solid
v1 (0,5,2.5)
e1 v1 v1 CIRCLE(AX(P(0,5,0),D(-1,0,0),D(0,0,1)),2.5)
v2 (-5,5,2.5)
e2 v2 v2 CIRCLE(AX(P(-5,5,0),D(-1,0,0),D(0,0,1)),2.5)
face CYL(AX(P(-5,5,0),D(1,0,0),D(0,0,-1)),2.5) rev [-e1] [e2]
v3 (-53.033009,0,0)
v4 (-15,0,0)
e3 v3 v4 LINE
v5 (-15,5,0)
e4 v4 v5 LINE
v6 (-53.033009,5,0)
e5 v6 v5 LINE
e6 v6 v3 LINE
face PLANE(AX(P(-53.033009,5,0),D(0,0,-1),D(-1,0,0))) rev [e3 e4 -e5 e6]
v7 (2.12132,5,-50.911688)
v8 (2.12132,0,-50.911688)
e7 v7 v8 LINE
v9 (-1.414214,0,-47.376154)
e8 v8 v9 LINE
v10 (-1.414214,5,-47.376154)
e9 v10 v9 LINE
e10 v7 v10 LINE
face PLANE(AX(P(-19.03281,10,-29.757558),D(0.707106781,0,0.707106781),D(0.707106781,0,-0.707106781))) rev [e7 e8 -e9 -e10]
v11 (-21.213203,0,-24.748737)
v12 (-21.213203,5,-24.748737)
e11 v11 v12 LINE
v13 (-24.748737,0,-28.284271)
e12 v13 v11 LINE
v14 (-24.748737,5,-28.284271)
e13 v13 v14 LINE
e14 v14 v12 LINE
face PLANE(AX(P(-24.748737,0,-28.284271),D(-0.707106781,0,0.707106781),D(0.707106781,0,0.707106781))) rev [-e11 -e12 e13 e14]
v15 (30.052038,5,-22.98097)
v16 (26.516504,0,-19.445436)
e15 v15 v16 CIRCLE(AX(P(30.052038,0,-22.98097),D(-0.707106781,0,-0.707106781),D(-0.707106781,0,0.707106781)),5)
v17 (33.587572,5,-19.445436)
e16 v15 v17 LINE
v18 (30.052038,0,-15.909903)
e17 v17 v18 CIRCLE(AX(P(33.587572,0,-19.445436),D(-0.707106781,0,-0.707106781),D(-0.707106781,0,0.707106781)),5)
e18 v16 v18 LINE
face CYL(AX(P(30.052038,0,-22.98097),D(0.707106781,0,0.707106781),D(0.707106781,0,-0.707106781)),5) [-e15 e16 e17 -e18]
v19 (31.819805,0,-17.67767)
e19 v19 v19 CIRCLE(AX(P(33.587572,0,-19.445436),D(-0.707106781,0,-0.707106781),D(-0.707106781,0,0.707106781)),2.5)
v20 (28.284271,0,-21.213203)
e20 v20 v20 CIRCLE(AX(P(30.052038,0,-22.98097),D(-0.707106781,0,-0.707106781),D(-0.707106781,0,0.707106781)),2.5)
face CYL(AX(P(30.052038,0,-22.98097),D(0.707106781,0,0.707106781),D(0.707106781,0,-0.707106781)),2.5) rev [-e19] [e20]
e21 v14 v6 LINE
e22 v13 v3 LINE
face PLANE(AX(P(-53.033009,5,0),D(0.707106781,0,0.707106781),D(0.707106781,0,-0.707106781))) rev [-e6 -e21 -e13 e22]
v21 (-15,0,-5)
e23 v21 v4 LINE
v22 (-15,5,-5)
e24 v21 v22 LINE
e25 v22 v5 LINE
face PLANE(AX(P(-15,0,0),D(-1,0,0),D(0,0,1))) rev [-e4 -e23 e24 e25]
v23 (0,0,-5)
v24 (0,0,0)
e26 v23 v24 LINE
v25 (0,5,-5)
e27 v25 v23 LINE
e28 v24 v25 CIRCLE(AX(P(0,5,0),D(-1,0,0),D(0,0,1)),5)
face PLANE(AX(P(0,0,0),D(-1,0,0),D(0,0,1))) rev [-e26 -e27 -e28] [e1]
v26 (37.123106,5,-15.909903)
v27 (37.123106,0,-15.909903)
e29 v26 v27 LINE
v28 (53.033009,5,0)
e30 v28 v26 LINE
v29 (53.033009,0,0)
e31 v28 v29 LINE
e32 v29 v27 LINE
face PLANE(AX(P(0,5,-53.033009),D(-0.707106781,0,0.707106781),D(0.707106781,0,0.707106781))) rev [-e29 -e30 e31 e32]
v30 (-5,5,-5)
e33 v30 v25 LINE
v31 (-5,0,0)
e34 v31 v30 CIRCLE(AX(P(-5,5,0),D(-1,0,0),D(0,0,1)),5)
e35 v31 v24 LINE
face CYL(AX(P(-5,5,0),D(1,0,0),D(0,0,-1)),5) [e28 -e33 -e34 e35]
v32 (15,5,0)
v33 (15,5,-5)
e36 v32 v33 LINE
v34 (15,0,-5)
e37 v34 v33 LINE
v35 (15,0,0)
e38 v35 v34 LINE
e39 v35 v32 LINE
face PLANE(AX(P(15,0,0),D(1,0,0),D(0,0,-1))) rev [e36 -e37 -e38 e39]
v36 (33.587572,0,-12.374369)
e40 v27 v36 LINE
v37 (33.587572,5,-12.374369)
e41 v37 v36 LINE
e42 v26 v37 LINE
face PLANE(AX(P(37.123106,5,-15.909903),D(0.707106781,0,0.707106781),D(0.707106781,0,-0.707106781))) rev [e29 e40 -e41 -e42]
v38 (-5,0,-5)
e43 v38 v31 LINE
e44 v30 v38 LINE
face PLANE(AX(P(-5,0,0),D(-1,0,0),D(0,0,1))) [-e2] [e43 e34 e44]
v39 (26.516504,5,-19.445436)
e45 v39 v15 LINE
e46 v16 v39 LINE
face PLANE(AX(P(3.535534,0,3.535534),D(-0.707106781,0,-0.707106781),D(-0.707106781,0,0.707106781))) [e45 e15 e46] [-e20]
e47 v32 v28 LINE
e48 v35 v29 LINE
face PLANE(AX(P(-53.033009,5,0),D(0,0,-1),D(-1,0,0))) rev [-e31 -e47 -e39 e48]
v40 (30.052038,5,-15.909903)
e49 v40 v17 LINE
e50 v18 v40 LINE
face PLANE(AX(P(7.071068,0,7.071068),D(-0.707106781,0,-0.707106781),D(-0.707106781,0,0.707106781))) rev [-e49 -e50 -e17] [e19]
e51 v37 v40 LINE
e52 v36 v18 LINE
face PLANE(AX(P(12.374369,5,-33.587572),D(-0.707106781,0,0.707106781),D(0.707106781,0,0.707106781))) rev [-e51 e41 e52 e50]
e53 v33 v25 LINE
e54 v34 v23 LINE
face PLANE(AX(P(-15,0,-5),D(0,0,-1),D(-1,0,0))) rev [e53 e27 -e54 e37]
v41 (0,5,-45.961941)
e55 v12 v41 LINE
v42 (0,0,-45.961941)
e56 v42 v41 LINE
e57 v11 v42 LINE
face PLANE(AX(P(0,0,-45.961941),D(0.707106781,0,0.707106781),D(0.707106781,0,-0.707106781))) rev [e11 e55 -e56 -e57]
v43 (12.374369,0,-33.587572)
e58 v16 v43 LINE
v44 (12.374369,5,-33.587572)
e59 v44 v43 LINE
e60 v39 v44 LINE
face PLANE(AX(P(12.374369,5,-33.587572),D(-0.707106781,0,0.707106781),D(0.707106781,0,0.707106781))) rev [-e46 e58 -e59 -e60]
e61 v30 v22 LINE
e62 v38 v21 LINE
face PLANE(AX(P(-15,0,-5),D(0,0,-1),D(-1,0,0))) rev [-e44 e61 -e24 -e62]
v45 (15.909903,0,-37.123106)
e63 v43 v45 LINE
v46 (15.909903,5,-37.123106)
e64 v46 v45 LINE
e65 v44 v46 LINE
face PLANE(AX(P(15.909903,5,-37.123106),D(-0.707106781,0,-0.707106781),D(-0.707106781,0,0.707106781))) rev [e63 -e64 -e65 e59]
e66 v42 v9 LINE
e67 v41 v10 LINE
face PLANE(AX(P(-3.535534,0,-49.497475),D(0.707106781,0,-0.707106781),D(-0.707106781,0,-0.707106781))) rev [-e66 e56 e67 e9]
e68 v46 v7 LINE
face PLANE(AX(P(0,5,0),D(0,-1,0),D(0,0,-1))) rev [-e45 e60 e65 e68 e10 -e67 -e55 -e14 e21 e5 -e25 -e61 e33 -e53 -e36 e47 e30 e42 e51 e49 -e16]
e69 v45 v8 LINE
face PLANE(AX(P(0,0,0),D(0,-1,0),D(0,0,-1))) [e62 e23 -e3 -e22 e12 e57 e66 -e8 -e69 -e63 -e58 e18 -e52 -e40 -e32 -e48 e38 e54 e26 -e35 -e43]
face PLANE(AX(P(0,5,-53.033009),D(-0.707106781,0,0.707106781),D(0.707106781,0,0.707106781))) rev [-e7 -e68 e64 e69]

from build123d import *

# Parameters (mm, degrees)
BOSS_EXTRUDE1_DEPTH = 5
SKETCH2_W           = 30
SKETCH2_H           = 5
CUT_EXTRUDE1_DEPTH  = 5
CUT_EXTRUDE2_DEPTH  = 5
BOSS_EXTRUDE2_START = 15
BOSS_EXTRUDE2_DEPTH = 5
BOSS_EXTRUDE3_START = 5
BOSS_EXTRUDE3_DEPTH = 5
CUT_EXTRUDE3_DEPTH  = 10


with BuildPart() as part:
    # Sketch1 → Boss-Extrude1 (new body)
    with BuildSketch(Plane(origin=(0, 0, 0), x_dir=(1, 0, 0), z_dir=(0, 1, 0))):
        Polygon((-53.033008589, 0), (53.033008589, 0), (0, 53.033008589), align=None)
    extrude(amount=BOSS_EXTRUDE1_DEPTH)

    # Sketch2 → Cut-Extrude1 (cut)
    with BuildSketch(Plane(origin=(0, 5, 0), x_dir=(1, 0, 0), z_dir=(0, 1, 0))):
        with Locations((0, 2.5)):
            Rectangle(SKETCH2_W, SKETCH2_H)
        Polygon((-3.535533906, 49.497474683), (-24.748737342, 28.284271247), (-21.213203436, 24.748737342), (0, 45.961940777), align=None)
    extrude(amount=-CUT_EXTRUDE1_DEPTH, mode=Mode.SUBTRACT)

    # Sketch3 → Cut-Extrude2 (cut)
    with BuildSketch(Plane.XZ):
        Polygon((15.909902577, -37.123106012), (37.123106012, -15.909902577), (33.587572106, -12.374368671), (12.374368671, -33.587572106), align=None)
    extrude(amount=-CUT_EXTRUDE2_DEPTH, mode=Mode.SUBTRACT)

    # Sketch5 → Boss-Extrude2 (add)
    with BuildSketch(Plane.ZY.offset(-15).offset(BOSS_EXTRUDE2_START)):
        with BuildLine():
            Line((-2.5, 5), (-5, 5))
            ThreePointArc((-5, 5), (-3.535533906, 1.464466094), (0, 0))
            Line((0, 0), (0, 2.5))
            ThreePointArc((0, 2.5), (-1.767766953, 3.232233047), (-2.5, 5))
        make_face()
        with BuildLine():
            ThreePointArc((0, 0), (3.535533906, 1.464466094), (5, 5))
            ThreePointArc((5, 5), (0, 10), (-5, 5))
            Line((-5, 5), (-2.5, 5))
            ThreePointArc((-2.5, 5), (0, 7.5), (2.5, 5))
            ThreePointArc((2.5, 5), (1.767766953, 3.232233047), (0, 2.5))
            Line((0, 2.5), (0, 0))
        make_face()
        with BuildLine():
            ThreePointArc((0, 0), (-3.535533906, 1.464466094), (-5, 5))
            Line((-5, 5), (-5, 0))
            Line((-5, 0), (0, 0))
        make_face()
    extrude(amount=BOSS_EXTRUDE2_DEPTH)

    # Sketch6 → Boss-Extrude3 (add)
    with BuildSketch(Plane(origin=(10.606601718, 0, 10.606601718), x_dir=(-0.7071067811865478, 0, 0.7071067811865472), z_dir=(-0.7071067811865472, 0, -0.7071067811865478)).offset(BOSS_EXTRUDE3_START)):
        with BuildLine():
            ThreePointArc((-37.5, 5), (-41.035533906, -3.535533906), (-32.5, 0))
            Line((-32.5, 0), (-35, 0))
            ThreePointArc((-35, 0), (-39.267766953, -1.767766953), (-37.5, 2.5))
            Line((-37.5, 2.5), (-37.5, 5))
        make_face()
        with BuildLine():
            Line((-35, 0), (-32.5, 0))
            ThreePointArc((-32.5, 0), (-33.964466094, 3.535533906), (-37.5, 5))
            Line((-37.5, 5), (-37.5, 2.5))
            ThreePointArc((-37.5, 2.5), (-35.732233047, 1.767766953), (-35, 0))
        make_face()
        with BuildLine():
            ThreePointArc((-37.5, 5), (-33.964466094, 3.535533906), (-32.5, 0))
            Line((-32.5, 0), (-32.5, 5))
            Line((-32.5, 5), (-37.5, 5))
        make_face()
    extrude(amount=BOSS_EXTRUDE3_DEPTH)

    # Sketch7 → Cut-Extrude3 (cut)
    with BuildSketch(Plane.XZ):
        Polygon((-21.154129879, -31.87887871), (0, -53.033008589), (2.121320344, -50.911688245), (-19.032809536, -29.757558366), align=None)
    extrude(amount=-CUT_EXTRUDE3_DEPTH, mode=Mode.SUBTRACT)


solid = part.part
